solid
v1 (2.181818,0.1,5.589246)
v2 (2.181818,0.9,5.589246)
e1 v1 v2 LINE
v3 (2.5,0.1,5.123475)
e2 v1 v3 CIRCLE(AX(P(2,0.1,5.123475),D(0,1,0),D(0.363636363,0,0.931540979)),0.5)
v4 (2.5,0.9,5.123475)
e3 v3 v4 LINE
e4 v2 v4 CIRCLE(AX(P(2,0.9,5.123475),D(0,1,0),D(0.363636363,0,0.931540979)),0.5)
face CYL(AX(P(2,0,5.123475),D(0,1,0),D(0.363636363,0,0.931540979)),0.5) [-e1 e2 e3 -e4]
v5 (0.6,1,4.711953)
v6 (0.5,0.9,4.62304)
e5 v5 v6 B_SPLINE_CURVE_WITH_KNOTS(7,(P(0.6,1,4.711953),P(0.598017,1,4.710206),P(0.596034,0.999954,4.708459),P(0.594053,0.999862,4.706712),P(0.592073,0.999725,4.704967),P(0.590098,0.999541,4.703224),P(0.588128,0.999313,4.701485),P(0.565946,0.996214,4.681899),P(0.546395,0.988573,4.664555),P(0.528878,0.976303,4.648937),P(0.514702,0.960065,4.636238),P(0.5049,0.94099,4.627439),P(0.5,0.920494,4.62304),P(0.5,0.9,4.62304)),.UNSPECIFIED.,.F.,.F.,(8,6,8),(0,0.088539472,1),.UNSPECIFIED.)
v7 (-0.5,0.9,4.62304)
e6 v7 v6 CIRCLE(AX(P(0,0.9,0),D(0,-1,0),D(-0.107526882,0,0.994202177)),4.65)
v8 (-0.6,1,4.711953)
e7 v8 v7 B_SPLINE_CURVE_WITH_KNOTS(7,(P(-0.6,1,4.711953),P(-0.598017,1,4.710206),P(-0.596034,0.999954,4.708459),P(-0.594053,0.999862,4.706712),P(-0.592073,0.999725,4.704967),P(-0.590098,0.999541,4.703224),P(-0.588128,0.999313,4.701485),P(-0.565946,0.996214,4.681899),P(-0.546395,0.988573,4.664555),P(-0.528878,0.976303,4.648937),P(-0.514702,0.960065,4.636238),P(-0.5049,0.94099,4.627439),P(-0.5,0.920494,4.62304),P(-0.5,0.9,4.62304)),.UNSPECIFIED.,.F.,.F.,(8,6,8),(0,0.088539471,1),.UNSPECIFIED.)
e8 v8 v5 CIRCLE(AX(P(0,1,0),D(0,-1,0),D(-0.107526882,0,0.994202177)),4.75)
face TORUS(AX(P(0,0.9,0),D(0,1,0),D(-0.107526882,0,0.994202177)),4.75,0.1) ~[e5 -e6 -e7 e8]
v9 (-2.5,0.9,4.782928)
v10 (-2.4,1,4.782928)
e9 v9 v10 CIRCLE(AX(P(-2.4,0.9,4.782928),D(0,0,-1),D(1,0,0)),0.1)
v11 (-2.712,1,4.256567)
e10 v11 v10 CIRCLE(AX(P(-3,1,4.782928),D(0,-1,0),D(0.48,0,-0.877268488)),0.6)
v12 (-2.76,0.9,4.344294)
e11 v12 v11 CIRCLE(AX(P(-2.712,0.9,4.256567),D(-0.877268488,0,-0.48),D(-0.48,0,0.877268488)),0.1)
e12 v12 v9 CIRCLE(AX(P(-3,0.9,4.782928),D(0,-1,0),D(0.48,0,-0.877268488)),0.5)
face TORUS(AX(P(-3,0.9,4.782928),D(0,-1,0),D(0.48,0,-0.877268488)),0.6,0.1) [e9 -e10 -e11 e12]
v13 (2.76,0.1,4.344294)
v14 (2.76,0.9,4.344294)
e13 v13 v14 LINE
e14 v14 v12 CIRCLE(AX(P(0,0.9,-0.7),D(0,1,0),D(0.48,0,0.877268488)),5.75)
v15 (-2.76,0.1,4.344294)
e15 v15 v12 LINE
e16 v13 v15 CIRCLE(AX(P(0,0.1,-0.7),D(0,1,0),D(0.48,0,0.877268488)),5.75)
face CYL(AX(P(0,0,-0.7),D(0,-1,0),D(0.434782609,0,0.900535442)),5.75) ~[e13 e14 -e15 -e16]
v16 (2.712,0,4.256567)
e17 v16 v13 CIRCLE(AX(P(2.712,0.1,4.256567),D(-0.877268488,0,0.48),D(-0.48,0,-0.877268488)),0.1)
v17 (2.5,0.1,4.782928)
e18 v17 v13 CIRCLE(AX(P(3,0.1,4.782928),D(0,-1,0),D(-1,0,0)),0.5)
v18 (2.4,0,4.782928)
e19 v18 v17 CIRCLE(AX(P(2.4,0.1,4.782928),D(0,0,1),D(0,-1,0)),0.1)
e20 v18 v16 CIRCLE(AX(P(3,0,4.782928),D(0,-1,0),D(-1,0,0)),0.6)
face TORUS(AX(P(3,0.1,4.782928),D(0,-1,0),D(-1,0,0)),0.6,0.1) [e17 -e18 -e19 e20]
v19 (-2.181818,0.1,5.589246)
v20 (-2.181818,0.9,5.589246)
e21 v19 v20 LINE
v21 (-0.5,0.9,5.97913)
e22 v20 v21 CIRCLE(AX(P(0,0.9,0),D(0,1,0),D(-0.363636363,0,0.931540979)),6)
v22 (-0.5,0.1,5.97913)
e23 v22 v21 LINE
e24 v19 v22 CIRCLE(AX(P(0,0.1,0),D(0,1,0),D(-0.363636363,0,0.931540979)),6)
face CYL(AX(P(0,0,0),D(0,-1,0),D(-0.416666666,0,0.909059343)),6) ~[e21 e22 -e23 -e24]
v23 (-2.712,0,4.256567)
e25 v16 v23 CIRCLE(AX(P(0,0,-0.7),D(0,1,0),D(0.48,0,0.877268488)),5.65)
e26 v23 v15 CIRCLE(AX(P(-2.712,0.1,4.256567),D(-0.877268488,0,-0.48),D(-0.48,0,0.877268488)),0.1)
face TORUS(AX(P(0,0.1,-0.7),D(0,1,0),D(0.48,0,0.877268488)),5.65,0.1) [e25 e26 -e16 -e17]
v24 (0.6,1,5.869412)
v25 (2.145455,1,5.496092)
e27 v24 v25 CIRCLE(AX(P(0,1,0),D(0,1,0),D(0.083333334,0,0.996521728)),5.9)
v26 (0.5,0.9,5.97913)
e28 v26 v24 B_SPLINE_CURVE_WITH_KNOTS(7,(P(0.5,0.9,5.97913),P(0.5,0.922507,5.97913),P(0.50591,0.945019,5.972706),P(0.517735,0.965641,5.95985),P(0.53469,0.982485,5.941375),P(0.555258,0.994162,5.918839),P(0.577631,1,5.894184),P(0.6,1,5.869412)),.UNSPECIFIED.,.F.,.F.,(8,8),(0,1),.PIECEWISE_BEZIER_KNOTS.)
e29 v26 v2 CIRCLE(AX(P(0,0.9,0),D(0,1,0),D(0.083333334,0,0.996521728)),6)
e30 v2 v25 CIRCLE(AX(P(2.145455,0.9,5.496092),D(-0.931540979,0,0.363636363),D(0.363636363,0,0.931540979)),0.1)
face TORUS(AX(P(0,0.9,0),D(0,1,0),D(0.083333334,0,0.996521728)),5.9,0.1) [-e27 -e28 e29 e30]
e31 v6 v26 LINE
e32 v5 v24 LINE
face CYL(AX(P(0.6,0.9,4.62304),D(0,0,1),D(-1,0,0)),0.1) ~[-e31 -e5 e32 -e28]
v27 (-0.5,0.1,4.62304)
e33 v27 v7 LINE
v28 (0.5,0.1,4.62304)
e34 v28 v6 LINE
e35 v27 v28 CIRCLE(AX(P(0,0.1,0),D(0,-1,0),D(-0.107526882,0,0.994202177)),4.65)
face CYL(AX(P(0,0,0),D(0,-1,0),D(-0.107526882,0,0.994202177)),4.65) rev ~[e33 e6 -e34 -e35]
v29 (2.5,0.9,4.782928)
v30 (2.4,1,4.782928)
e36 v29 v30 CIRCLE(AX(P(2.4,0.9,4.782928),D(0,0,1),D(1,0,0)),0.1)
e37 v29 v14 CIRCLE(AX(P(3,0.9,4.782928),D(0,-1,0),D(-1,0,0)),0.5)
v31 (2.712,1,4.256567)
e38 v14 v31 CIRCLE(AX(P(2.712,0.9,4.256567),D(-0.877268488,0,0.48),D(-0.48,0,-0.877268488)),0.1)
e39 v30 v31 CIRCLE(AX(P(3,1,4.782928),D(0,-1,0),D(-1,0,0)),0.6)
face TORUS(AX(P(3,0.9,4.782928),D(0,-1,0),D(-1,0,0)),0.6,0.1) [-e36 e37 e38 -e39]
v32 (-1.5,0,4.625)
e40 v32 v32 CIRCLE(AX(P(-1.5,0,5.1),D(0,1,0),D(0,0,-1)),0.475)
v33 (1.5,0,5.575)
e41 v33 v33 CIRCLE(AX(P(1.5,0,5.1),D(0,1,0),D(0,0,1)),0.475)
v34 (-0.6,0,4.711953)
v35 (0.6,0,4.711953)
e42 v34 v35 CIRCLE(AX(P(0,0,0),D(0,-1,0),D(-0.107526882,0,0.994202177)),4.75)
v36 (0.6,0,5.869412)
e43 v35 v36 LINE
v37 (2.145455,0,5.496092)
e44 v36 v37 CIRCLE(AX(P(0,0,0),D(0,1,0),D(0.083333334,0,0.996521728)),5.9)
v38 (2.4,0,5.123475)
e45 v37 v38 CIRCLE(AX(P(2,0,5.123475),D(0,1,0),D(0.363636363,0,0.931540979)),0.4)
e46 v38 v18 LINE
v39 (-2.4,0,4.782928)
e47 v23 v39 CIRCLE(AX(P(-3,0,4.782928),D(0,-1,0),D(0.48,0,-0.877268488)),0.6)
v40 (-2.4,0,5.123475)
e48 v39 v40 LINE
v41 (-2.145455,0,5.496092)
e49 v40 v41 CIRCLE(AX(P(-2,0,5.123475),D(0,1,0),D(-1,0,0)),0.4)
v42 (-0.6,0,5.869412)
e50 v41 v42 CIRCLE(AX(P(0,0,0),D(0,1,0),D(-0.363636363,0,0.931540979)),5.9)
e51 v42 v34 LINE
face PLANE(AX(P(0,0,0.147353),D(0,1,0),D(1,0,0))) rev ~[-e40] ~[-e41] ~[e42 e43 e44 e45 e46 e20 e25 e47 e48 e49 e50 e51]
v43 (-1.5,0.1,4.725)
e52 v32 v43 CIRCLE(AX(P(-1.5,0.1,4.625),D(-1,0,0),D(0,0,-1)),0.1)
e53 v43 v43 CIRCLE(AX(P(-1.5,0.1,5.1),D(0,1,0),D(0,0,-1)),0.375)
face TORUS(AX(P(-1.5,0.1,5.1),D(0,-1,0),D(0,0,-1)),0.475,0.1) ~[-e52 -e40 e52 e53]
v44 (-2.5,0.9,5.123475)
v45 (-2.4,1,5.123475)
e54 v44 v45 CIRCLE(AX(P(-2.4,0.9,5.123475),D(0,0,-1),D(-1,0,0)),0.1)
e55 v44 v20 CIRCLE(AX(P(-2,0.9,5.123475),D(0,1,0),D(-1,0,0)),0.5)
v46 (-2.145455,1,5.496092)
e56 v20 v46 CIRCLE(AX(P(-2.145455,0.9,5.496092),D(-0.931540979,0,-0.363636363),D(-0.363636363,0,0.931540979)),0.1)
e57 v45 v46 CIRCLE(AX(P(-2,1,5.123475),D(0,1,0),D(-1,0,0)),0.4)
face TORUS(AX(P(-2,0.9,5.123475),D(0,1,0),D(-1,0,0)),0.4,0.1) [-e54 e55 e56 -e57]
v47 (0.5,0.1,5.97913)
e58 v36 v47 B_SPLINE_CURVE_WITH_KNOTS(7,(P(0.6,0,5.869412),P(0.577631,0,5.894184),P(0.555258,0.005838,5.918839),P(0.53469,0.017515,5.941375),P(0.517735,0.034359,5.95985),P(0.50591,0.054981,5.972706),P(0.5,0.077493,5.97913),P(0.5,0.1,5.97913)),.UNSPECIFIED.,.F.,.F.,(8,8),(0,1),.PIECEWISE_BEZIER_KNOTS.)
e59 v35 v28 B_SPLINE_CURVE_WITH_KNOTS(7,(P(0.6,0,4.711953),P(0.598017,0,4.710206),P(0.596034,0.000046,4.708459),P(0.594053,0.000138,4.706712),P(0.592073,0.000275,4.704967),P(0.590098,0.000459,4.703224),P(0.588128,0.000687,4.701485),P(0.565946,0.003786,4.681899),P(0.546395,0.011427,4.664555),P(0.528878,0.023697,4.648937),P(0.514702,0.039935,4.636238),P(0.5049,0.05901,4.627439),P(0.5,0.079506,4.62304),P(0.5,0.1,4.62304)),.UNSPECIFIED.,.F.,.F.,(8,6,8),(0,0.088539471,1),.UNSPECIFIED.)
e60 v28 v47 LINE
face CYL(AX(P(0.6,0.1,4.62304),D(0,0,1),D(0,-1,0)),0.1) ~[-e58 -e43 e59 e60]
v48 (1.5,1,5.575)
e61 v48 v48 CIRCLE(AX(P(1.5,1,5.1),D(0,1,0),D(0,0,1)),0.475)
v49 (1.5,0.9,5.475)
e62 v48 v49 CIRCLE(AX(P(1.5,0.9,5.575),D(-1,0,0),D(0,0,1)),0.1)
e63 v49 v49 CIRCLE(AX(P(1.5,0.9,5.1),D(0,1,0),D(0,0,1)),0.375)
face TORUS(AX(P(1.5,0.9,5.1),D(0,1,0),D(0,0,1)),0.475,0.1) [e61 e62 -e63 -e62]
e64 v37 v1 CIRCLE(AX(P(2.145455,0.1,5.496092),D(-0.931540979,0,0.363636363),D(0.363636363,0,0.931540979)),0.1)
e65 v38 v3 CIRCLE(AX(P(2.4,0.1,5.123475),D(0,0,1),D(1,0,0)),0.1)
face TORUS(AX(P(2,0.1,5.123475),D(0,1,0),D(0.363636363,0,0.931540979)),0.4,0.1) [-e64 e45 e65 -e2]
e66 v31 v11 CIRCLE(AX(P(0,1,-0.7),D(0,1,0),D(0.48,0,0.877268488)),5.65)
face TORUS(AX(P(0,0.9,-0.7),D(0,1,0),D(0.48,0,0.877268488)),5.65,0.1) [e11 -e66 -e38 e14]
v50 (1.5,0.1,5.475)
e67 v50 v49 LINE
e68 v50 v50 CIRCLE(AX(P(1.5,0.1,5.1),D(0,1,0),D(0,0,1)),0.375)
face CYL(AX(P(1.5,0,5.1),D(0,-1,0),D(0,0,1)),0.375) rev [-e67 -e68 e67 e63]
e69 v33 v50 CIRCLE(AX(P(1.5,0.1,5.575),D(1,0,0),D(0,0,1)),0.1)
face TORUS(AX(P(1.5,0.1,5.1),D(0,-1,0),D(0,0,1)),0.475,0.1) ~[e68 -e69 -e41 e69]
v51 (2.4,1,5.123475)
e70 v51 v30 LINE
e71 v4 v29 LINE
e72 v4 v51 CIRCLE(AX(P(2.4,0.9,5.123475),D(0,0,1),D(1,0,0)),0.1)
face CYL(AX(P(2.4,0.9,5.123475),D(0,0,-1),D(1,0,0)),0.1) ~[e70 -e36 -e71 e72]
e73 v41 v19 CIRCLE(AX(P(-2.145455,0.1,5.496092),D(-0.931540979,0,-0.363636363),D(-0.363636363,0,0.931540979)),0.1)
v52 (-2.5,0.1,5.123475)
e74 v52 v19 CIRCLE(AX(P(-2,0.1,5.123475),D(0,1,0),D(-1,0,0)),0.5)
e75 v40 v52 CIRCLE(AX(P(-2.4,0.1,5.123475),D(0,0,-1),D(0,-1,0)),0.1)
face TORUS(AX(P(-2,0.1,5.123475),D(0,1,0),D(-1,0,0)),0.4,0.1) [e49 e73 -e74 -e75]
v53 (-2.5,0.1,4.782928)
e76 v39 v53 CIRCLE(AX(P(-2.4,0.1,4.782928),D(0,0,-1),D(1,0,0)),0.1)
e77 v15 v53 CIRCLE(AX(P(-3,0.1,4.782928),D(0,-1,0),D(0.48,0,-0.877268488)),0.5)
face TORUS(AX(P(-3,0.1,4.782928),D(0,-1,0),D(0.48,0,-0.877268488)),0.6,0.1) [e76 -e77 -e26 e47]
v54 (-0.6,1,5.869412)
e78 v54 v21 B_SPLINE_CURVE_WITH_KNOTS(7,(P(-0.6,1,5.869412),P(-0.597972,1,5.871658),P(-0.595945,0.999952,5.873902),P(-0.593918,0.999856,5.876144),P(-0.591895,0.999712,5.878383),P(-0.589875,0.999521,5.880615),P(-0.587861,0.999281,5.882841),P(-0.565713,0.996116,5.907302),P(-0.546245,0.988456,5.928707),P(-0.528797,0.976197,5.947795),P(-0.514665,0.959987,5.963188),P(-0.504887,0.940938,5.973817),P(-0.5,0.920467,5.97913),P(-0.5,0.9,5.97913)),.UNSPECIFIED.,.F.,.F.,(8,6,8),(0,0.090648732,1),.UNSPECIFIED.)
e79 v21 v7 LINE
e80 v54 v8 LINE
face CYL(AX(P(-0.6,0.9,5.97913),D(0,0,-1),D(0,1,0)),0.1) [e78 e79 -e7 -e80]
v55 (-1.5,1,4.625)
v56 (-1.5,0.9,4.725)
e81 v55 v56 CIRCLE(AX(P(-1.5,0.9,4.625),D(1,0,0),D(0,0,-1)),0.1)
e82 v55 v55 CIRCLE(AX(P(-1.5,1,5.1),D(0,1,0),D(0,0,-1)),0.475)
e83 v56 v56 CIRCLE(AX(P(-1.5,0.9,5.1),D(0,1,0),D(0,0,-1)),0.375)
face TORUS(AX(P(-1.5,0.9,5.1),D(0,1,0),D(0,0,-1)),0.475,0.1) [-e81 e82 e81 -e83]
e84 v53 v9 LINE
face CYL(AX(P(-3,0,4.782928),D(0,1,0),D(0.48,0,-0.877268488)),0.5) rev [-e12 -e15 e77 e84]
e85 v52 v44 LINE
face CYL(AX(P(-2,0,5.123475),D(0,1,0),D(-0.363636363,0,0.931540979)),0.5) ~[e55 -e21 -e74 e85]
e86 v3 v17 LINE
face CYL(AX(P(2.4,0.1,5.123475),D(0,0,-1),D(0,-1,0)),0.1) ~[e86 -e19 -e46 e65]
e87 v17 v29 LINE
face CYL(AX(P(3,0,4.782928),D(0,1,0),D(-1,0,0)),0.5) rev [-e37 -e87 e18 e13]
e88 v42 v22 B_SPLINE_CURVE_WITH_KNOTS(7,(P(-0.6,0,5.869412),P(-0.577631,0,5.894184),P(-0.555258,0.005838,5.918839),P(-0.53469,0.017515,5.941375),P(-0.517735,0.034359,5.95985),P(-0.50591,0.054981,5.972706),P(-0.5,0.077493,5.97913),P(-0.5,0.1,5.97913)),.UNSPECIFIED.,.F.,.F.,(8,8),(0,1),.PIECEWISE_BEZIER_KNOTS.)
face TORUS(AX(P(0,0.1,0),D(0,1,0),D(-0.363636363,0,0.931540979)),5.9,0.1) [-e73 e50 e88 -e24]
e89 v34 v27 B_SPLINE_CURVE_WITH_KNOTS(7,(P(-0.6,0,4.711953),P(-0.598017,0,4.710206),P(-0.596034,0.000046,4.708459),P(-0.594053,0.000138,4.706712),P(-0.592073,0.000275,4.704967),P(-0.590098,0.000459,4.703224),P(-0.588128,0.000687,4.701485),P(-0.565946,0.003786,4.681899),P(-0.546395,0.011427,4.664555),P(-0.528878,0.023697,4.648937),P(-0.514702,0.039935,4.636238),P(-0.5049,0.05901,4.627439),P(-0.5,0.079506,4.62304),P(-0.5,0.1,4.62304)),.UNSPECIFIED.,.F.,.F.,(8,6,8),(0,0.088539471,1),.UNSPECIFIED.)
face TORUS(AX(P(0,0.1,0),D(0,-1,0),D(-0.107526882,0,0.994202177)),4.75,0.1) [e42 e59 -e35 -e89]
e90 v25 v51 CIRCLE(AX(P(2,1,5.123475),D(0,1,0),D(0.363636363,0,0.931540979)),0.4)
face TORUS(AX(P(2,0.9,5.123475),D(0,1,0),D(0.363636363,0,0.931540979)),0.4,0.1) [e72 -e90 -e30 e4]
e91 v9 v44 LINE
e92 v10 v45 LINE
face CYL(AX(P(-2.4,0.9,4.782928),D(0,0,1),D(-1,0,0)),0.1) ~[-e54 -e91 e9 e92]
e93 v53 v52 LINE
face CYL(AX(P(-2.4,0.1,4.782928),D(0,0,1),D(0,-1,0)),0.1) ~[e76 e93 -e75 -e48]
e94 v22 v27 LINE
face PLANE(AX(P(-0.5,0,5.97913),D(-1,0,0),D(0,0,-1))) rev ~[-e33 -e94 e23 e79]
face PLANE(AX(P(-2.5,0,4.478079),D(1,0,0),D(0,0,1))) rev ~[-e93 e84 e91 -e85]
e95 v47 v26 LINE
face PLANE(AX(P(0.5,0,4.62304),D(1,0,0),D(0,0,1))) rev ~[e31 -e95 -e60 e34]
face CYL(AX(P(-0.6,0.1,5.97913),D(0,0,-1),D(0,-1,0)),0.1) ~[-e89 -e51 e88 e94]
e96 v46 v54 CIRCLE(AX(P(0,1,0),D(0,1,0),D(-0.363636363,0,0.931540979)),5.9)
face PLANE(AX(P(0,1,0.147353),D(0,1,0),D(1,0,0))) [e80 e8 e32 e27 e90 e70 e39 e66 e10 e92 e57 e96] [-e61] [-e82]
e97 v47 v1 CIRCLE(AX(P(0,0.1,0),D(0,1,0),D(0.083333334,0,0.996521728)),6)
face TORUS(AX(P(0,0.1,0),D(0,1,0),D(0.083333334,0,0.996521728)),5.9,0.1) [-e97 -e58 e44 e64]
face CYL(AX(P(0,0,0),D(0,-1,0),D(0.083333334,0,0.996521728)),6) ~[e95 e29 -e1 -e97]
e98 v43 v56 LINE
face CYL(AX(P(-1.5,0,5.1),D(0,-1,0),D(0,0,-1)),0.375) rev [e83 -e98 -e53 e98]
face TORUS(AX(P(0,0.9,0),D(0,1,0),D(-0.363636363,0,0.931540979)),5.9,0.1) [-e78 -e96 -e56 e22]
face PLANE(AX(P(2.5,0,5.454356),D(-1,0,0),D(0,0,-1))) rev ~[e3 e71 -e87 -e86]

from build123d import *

# Parameters (mm, degrees)
SKETCH_1_R      = 0.375
EXTRUDE_1_DEPTH = 1
FILLET_1_R      = 0.5
FILLET_2_R      = 0.1


with BuildPart() as part:
    # 草图1 → 凸台-拉伸1 (new body)
    with BuildSketch(Plane(origin=(0, 0, 0), x_dir=(1, 0, 0), z_dir=(0, 1, 0))):
        with BuildLine():
            Line((0.5, -4.623040125), (0.5, -5.979130372))
            ThreePointArc((0.5, -5.979130372), (1.52277609, -5.803546586), (2.5, -5.454356057))
            Line((2.5, -5.454356057), (2.5, -4.478078794))
            ThreePointArc((2.5, -4.478078794), (0, 6.45), (-2.5, -4.478078794))
            Line((-2.5, -4.478078794), (-2.5, -5.454356057))
            ThreePointArc((-2.5, -5.454356057), (-1.52277609, -5.803546586), (-0.5, -5.979130372))
            Line((-0.5, -5.979130372), (-0.5, -4.623040125))
            ThreePointArc((-0.5, -4.623040125), (0, 4.65), (0.5, -4.623040125))
        make_face()
        with Locations(Location((1.5, -5.1, 0), (0, 0, 270))):
            Circle(SKETCH_1_R, mode=Mode.SUBTRACT)
        with Locations(Location((-1.5, -5.1, 0), (0, 0, 90))):
            Circle(SKETCH_1_R, mode=Mode.SUBTRACT)
    extrude(amount=EXTRUDE_1_DEPTH)

    # 圆角1
    fillet_1_edges = [part.edges().sort_by_distance(p)[0] for p in [
        (2.5, 0.5, 4.478078794),
        (2.5, 0.5, 5.454356057),
        (-2.5, 0.5, 5.454356057),
        (-2.5, 0.5, 4.478078794),
    ]]
    fillet(fillet_1_edges, radius=FILLET_1_R)

    # 圆角2
    fillet_2_edges = [part.edges().sort_by_distance(p)[0] for p in [
        (-0.5, 0, 5.301085248),
        (-0.5, 1, 5.301085248),
        (0, 1, -4.65),
        (1.5, 0, 4.725),
        (1.5, 1, 4.725),
        (0.5, 1, 5.301085248),
        (-1.5, 0, 5.475),
        (-1.5, 1, 5.475),
        (1.355005414, 1, 5.844994468),
        (-1.355005414, 0, 5.844994468),
        (-1.355005414, 1, 5.844994468),
        (0, 0, -6.45),
        (2.5, 0, 4.953201716),
        (-2.5, 0, 4.953201716),
        (2.412861412, 0, 5.40551342),
        (-2.412861412, 0, 5.40551342),
        (-2.5, 1, 4.953201716),
        (0, 1, -6.45),
        (2.5, 1, 4.953201716),
        (2.412861412, 1, 5.40551342),
        (-2.412861412, 1, 5.40551342),
        (-2.569883737, 0, 4.527977074),
        (-2.569883737, 1, 4.527977074),
        (2.569883737, 0, 4.527977074),
        (2.569883737, 1, 4.527977074),
        (1.355005414, 0, 5.844994468),
        (0.5, 0, 5.301085248),
        (0, 0, -4.65),
    ]]
    fillet(fillet_2_edges, radius=FILLET_2_R)


solid = part.part
